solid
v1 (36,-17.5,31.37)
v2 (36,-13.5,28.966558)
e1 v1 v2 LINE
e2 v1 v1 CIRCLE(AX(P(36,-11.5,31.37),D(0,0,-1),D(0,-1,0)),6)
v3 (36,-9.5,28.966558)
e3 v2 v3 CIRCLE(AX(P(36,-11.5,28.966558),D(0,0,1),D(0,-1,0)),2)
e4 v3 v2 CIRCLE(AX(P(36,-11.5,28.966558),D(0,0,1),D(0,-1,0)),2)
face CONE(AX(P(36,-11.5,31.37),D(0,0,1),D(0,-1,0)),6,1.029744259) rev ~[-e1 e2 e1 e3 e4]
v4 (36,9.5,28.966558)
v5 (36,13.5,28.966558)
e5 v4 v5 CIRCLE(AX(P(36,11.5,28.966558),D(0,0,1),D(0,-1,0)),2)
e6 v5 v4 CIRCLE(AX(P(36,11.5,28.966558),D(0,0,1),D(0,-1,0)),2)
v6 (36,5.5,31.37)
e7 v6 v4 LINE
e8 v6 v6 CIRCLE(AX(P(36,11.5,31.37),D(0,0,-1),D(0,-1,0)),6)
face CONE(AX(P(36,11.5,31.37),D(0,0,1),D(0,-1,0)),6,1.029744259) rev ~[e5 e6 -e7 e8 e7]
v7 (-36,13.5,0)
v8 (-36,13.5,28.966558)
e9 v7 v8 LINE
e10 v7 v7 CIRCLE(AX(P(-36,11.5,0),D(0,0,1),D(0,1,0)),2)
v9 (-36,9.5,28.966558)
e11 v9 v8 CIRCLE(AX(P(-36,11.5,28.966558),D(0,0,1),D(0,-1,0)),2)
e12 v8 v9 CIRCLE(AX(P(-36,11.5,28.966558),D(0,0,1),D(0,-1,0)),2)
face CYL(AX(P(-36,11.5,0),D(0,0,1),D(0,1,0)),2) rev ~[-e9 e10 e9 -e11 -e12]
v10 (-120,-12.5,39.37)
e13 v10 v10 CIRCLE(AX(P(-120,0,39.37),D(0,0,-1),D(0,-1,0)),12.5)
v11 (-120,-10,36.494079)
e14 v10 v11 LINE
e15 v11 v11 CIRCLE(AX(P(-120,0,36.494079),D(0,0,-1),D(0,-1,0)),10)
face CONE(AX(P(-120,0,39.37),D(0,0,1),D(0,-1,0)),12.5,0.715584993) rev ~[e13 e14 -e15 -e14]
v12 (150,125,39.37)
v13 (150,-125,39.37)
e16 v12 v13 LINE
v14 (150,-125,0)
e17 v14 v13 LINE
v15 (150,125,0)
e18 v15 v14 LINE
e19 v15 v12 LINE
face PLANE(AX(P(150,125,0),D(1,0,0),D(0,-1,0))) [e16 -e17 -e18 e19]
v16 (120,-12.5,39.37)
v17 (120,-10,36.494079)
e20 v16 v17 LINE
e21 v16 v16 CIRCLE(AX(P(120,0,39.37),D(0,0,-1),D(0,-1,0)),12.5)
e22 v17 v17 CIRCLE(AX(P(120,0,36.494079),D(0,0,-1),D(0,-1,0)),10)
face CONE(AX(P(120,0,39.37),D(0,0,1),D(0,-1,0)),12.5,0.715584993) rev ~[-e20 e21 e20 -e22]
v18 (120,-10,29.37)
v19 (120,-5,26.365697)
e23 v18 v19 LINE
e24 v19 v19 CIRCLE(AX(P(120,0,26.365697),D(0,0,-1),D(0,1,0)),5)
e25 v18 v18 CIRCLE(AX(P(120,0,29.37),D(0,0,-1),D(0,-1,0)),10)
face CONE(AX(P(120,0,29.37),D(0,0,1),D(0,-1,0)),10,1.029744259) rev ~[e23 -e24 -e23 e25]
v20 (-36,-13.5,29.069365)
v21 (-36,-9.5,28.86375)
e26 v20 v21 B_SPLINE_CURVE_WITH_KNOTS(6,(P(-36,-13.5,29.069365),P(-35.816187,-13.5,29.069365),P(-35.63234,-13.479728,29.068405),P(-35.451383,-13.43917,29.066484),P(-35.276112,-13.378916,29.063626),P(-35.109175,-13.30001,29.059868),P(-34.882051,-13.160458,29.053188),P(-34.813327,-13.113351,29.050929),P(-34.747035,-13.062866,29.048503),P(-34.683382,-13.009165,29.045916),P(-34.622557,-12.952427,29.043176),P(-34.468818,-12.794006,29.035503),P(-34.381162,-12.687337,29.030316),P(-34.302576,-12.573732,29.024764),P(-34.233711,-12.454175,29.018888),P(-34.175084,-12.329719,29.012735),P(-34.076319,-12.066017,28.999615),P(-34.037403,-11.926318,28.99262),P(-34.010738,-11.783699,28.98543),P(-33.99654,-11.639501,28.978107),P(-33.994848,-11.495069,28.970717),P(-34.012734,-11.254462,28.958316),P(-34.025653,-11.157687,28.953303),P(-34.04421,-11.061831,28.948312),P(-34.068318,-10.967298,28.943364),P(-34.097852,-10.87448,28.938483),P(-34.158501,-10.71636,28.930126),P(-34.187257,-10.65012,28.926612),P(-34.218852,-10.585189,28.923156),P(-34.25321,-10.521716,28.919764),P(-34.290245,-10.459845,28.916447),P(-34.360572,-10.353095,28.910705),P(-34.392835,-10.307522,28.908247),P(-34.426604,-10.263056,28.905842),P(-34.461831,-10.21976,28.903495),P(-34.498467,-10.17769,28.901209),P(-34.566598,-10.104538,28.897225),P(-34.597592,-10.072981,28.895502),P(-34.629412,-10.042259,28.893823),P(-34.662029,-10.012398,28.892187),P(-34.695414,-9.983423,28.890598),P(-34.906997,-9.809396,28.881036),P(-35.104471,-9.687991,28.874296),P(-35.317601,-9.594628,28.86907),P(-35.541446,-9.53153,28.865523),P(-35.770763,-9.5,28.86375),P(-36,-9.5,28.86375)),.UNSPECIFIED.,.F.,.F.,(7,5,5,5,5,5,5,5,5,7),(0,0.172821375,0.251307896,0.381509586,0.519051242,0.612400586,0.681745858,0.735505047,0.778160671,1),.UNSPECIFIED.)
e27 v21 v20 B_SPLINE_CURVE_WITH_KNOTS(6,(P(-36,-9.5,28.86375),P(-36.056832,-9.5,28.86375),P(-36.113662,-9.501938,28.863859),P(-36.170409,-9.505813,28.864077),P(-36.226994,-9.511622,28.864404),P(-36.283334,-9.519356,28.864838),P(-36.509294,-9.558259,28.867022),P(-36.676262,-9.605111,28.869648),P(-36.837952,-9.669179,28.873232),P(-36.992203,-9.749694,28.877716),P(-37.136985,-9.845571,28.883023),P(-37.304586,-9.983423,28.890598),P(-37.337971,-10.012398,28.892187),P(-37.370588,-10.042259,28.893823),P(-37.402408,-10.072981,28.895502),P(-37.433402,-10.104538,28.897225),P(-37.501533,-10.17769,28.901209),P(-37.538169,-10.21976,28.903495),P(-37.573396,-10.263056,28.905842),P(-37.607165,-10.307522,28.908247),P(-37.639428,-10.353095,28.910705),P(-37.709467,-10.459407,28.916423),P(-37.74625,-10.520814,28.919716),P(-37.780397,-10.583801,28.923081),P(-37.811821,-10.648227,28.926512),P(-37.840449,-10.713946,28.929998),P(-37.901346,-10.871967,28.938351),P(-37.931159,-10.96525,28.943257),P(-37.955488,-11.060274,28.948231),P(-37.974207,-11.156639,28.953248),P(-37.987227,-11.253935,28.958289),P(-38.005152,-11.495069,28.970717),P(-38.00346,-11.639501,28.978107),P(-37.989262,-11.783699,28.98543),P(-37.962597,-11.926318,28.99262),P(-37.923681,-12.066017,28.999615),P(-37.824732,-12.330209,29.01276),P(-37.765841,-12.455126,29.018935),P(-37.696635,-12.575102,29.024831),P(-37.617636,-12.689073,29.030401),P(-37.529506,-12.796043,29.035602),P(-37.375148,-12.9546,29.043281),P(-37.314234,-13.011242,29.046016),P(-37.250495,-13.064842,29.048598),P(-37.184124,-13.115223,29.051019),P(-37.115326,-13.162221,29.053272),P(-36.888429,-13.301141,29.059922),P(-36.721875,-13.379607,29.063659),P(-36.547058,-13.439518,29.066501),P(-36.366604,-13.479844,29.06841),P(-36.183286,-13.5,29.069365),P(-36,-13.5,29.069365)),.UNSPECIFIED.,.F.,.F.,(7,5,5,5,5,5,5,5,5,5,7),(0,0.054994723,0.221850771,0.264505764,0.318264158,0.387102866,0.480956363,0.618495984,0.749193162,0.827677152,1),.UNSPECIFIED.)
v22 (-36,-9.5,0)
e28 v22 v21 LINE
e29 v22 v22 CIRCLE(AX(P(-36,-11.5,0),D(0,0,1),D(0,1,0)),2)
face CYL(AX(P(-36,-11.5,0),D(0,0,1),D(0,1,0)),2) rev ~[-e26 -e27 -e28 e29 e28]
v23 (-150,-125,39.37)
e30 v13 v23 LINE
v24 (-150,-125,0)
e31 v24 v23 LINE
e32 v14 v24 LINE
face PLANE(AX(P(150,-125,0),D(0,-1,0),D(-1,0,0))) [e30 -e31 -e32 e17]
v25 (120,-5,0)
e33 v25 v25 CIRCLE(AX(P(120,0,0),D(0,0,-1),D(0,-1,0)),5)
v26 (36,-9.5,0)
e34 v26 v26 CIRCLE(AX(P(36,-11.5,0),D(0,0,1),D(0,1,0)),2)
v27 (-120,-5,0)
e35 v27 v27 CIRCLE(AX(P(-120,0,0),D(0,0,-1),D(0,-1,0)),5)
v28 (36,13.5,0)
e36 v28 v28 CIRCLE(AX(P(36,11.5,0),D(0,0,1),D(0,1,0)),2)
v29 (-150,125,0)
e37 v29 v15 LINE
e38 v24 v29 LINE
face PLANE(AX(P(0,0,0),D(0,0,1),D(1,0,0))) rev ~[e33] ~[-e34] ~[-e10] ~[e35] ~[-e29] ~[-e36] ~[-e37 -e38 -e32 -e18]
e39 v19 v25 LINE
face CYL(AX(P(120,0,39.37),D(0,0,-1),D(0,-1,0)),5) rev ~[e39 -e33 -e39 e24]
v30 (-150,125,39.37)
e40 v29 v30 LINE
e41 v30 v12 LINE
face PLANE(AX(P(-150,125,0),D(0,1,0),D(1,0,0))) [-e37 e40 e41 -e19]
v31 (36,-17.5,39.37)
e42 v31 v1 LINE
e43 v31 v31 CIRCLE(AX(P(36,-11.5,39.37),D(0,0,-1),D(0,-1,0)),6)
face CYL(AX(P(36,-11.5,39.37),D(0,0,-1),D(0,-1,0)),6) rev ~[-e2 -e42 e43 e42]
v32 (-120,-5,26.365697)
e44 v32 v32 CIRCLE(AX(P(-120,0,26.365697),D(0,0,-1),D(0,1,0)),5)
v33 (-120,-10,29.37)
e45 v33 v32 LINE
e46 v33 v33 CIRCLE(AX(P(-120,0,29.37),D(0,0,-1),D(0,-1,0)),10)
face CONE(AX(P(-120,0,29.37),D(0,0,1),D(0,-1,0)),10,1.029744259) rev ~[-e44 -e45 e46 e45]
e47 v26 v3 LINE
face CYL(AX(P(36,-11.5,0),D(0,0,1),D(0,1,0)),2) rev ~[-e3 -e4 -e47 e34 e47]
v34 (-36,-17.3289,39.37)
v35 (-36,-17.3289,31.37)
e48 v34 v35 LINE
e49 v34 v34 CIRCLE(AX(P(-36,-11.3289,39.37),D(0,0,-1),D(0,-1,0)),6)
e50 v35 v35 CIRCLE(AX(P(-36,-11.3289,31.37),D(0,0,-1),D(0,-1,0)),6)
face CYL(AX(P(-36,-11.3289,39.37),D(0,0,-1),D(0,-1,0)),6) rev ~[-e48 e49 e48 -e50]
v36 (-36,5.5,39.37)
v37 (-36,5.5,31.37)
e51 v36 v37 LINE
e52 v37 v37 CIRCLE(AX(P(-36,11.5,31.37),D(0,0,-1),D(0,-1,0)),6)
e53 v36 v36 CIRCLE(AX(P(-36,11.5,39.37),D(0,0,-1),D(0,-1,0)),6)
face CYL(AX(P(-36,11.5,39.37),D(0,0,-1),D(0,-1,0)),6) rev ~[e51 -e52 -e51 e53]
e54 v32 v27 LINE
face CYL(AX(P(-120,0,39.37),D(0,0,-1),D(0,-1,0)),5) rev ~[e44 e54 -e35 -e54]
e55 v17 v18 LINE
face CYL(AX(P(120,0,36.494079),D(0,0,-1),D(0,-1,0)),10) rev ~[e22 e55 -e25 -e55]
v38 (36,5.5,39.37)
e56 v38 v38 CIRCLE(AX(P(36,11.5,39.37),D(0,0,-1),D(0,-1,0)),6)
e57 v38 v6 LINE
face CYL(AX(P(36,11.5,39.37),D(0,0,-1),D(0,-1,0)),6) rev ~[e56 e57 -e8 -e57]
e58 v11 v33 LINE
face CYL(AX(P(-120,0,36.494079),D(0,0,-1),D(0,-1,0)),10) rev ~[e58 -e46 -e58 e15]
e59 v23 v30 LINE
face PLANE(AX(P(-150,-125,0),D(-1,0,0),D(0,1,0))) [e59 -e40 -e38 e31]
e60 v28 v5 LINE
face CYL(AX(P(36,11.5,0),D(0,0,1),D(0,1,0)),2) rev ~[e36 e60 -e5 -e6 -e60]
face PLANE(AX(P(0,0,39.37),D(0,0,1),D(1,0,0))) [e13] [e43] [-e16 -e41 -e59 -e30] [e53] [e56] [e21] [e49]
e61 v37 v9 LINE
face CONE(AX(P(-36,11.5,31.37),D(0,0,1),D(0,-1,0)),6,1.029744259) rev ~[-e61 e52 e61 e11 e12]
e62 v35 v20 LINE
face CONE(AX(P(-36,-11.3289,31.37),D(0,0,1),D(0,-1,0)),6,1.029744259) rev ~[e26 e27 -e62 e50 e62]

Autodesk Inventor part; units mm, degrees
ref_plane "YZ Plane" through (0, 0, 0) normal (1, 0, 0) x (0, 1, 0)
ref_plane "XZ Plane" through (0, 0, 0) normal (0, 1, 0) x (-1, 0, 0)
ref_plane "XY Plane" through (0, 0, 0) normal (0, 0, 1) x (1, 0, 0)
sketch "Sketch1" plane through (0, 0, 0) normal (0, 0, 1) x (1, 0, 0)
  line L0 (-150, 125) -> (150, 125)
  line L1 (150, 125) -> (150, -125)
  line L2 (150, -125) -> (-150, -125)
  line L3 (-150, -125) -> (-150, 125)
  point P0 (0, 0)
  point P1 (0, 125)
  point P2 (150, 0)
  dimension "d0" = 300
  dimension "d1" = 250
extrude "Extrusion1" add sketch "Sketch1" along normal blind 39.37
sketch "Sketch2" plane through (0, 0, 39.37) normal (0, 0, 1) x (1, 0, 0)
  line L0 (-150, 125) -> (-150, -125) projected
  line L1 (150, 125) -> (-150, 125) construction
  line L2 (0, 125) -> (0, -125) construction
  line L3 (-150, -125) -> (150, -125) construction
  point P0 (0, 0)
  point P1 (-120, 0)
  point P2 (120, 0)
  dimension "d4" = 30
hole "Hole1" at (-120, 0, 39.37) at (120, 0, 39.37) direction (0, 0, -1) diameter 10 end through all
hole "Hole2" at (-120, 0, 39.37) at (120, 0, 39.37) direction (0, 0, -1) diameter 20 depth 10 tip angle 118 countersink diameter 25 countersink angle 82
sketch "Sketch3" plane through (0, 0, 0) normal (0, 0, -1) x (-1, 0, 0)
  line L0 (58.5, -28.5) -> (-58.5, -28.5) construction
  line L1 (-58.5, -28.5) -> (-58.5, 28.5) construction
  line L2 (-58.5, 28.5) -> (58.5, 28.5) construction
  line L3 (58.5, 28.5) -> (58.5, -28.5) construction
  circle A0 centre (36, -11.5) radius 2
  line L4 (0, -28.5) -> (0, 28.5) construction
  line L5 (-58.5, 0) -> (58.5, 0) construction
  circle A1 centre (36, 11.5) radius 2
  circle A2 centre (-36, -11.5) radius 2
  circle A3 centre (-36, 11.5) radius 2
  point P0 (0, 0)
  dimension "d19" = 117
  dimension "d20" = 57
  dimension "d24" = 17
  dimension "d25" = 22.5
hole "Hole3" at (-36, -11.5, 0) at (-36, 11.5, 0) at (36, -11.5, 0) at (36, 11.5, 0) direction (0, 0, 1) diameter 4 end through all
sketch "Sketch4" plane through (0, 0, 39.37) normal (0, 0, 1) x (1, 0, 0)
  circle A0 centre (-36, 11.5) radius 2 projected
  circle A1 centre (36, 11.5) radius 2 projected
  circle A2 centre (36, -11.5) radius 2 projected
  point P0 (0, 0)
  point P1 (-36, -11.3289)
hole "Hole5" at (-36, 11.5, 39.37) at (-36, -11.3289, 39.37) at (36, 11.5, 39.37) at (36, -11.5, 39.37) direction (0, 0, -1) diameter 12 depth 8 tip angle 118
properties part number "TablaInferior"
